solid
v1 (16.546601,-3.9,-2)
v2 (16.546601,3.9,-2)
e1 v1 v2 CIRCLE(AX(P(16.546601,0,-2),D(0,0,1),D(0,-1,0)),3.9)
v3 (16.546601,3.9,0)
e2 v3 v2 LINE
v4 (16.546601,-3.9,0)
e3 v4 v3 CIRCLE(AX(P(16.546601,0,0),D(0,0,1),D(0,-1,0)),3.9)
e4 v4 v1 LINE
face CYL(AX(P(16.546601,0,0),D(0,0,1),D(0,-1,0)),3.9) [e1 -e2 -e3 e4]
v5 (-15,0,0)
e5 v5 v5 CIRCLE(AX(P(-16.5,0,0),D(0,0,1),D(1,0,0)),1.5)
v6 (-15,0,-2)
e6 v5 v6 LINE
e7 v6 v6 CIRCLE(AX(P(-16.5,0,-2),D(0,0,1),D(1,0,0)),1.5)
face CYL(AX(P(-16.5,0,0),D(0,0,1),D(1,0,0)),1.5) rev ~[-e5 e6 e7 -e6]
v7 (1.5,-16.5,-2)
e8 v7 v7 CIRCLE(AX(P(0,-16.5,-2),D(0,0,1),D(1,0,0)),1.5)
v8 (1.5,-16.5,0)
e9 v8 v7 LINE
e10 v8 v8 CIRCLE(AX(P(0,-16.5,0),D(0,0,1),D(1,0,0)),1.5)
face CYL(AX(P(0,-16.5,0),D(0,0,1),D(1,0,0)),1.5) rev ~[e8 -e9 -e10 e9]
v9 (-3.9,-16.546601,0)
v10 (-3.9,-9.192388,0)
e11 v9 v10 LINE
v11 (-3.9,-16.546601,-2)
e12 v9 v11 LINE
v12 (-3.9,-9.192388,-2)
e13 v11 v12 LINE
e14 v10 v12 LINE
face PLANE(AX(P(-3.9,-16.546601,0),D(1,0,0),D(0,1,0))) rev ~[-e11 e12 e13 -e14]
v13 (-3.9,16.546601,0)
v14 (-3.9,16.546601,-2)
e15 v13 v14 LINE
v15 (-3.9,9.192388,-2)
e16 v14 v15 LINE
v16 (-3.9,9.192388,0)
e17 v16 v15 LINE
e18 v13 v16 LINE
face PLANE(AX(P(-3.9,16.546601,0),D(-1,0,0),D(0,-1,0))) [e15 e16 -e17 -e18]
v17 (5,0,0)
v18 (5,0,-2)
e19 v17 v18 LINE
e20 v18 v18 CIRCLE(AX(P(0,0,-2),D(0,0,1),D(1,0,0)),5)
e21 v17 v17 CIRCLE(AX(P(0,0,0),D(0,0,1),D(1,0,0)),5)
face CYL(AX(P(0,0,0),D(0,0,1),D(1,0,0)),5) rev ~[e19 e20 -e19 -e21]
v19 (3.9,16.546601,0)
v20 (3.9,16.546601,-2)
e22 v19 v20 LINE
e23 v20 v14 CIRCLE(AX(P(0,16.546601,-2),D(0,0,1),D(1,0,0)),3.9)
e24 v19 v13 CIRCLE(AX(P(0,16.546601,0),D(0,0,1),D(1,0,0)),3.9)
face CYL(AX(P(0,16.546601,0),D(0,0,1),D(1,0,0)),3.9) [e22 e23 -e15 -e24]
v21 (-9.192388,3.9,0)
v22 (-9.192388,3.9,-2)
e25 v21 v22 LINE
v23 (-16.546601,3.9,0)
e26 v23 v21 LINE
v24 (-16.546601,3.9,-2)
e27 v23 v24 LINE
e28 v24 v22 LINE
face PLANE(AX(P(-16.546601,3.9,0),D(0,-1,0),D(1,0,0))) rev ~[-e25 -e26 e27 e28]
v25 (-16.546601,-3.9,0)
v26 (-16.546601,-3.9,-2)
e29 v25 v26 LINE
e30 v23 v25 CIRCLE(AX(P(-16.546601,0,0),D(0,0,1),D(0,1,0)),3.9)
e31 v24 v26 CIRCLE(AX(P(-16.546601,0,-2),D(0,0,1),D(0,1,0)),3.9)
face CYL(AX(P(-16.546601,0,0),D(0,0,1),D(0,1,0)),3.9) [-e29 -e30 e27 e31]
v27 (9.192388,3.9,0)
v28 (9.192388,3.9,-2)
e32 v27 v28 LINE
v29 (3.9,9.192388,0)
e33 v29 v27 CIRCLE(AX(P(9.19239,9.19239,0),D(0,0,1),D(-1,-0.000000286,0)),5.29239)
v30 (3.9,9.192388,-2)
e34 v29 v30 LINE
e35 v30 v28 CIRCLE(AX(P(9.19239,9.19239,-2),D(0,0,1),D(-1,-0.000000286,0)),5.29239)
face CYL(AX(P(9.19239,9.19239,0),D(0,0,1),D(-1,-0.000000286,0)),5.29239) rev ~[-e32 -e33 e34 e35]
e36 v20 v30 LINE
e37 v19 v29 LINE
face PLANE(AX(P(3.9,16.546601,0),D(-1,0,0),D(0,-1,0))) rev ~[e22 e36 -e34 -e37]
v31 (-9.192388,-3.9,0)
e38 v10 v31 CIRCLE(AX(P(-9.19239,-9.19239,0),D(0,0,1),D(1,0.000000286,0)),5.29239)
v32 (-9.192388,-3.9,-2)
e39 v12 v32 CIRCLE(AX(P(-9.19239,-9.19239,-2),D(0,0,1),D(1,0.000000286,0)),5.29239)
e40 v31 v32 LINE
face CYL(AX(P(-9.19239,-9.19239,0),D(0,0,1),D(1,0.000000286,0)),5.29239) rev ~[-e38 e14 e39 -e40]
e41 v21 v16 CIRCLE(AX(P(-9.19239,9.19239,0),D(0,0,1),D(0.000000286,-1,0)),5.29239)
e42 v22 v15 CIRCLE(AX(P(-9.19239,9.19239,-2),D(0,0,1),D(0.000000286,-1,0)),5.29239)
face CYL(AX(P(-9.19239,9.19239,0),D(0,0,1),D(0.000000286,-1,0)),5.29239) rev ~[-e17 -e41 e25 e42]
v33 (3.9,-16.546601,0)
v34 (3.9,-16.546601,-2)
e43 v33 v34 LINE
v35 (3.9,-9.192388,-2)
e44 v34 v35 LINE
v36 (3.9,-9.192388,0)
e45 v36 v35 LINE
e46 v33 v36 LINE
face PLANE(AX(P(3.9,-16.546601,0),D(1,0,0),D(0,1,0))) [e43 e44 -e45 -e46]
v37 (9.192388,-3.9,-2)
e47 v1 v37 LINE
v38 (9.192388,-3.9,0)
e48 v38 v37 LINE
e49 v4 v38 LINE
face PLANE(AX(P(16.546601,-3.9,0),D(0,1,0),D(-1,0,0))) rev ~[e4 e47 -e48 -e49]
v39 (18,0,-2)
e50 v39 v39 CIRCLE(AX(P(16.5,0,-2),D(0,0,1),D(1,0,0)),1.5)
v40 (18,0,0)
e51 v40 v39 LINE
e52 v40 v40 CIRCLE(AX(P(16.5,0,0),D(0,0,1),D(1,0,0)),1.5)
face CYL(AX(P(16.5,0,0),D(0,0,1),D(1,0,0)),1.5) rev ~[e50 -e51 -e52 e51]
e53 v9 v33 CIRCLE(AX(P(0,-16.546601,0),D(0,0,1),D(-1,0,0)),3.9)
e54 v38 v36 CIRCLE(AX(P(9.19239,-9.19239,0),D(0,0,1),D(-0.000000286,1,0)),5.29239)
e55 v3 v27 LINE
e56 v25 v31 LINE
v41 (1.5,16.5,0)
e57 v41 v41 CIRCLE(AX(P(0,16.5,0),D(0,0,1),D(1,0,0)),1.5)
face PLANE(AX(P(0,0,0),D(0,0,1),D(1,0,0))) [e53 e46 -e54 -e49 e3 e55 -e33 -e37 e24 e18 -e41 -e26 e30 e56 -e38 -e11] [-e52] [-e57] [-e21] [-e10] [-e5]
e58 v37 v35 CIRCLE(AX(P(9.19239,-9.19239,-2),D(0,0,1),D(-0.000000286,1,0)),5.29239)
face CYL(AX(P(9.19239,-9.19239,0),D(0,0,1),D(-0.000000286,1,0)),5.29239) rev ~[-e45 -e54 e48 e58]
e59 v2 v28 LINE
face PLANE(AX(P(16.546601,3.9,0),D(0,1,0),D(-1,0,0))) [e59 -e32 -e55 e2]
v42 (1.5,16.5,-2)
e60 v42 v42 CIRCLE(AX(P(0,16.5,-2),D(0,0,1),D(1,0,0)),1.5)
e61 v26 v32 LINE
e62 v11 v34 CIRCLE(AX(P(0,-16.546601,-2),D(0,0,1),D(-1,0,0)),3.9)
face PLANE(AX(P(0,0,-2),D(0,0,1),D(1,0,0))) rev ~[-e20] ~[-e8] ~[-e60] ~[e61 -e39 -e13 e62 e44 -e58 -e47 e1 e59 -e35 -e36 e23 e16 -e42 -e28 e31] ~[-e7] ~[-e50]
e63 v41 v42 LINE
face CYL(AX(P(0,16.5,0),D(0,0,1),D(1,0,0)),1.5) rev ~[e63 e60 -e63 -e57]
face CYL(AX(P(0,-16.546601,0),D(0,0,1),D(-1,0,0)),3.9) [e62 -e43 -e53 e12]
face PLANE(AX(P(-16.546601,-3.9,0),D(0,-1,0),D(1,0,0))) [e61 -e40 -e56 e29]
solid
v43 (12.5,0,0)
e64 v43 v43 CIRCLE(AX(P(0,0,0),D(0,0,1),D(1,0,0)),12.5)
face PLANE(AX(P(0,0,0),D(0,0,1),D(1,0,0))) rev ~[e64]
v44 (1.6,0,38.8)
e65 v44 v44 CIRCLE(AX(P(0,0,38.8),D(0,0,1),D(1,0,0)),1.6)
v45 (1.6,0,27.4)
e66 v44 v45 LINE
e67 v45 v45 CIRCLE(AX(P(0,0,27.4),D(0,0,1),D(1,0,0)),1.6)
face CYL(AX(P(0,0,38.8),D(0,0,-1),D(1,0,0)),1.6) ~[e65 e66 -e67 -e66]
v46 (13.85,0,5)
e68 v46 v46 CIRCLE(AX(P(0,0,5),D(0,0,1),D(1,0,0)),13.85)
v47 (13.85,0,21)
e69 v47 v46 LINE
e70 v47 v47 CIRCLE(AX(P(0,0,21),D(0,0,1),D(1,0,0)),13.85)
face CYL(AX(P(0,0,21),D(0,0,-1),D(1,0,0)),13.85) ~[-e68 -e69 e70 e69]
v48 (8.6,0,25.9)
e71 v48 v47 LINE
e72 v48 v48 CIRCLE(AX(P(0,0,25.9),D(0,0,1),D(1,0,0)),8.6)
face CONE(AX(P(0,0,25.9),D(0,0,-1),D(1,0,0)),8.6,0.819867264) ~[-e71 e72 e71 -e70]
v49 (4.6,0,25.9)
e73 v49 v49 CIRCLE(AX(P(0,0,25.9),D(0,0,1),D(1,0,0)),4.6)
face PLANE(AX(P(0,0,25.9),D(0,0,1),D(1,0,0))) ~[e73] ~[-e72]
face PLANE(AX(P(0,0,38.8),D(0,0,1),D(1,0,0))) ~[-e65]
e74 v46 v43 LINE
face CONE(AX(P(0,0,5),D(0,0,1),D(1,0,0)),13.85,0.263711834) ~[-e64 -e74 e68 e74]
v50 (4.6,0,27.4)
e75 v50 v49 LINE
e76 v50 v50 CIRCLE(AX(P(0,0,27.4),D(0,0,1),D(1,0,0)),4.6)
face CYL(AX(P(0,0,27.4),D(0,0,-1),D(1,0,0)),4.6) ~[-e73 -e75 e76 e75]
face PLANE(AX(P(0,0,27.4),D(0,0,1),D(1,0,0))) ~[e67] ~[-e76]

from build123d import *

# Parameters (mm, degrees)
SKETCH001_R   = 5
SKETCH001_R_2 = 1.5
PAD_DEPTH     = 2


with BuildPart() as body:
    # Sketch → Revolution (revolve)
    with BuildSketch(Plane.XZ):
        Polygon((0, 0), (0, 38.8), (1.6, 38.8), (1.6, 27.4), (4.6, 27.4), (4.6, 25.9), (8.6, 25.9), (13.85, 21), (13.85, 5), (12.5, 0), align=None)
    revolve(axis=Axis((0, 0, 0), (0, 0, 1)))


with BuildPart() as body001:
    # Sketch001 → Pad (new body)
    with BuildSketch(Plane.XY):
        with BuildLine():
            ThreePointArc((-16.546601, 3.9), (-20.446601, 0), (-16.546601, -3.9))
            Line((-16.546601, -3.9), (-9.192388, -3.9))
            ThreePointArc((-3.9, -9.192388), (-5.450105, -5.450105), (-9.192388, -3.9))
            Line((-3.9, -16.546601), (-3.9, -9.192388))
            ThreePointArc((-3.9, -16.546601), (0, -20.446601), (3.9, -16.546601))
            Line((3.9, -16.546601), (3.9, -9.192388))
            ThreePointArc((9.192388, -3.9), (5.450105, -5.450105), (3.9, -9.192388))
            Line((16.546601, -3.9), (9.192388, -3.9))
            ThreePointArc((16.546601, -3.9), (20.446601, 0), (16.546601, 3.9))
            Line((16.546601, 3.9), (9.192388, 3.9))
            ThreePointArc((3.9, 9.192388), (5.450105, 5.450105), (9.192388, 3.9))
            Line((3.9, 16.546601), (3.9, 9.192388))
            ThreePointArc((3.9, 16.546601), (0, 20.446601), (-3.9, 16.546601))
            Line((-3.9, 16.546601), (-3.9, 9.192388))
            ThreePointArc((-9.192388, 3.9), (-5.450105, 5.450105), (-3.9, 9.192388))
            Line((-16.546601, 3.9), (-9.192388, 3.9))
        make_face()
        Circle(SKETCH001_R, mode=Mode.SUBTRACT)
        with Locations((0, 16.5)):
            Circle(SKETCH001_R_2, mode=Mode.SUBTRACT)
        with Locations((16.5, 0)):
            Circle(SKETCH001_R_2, mode=Mode.SUBTRACT)
        with Locations((0, -16.5)):
            Circle(SKETCH001_R_2, mode=Mode.SUBTRACT)
        with Locations((-16.5, 0)):
            Circle(SKETCH001_R_2, mode=Mode.SUBTRACT)
    extrude(amount=-PAD_DEPTH)


solid = Compound([body.part, body001.part])
